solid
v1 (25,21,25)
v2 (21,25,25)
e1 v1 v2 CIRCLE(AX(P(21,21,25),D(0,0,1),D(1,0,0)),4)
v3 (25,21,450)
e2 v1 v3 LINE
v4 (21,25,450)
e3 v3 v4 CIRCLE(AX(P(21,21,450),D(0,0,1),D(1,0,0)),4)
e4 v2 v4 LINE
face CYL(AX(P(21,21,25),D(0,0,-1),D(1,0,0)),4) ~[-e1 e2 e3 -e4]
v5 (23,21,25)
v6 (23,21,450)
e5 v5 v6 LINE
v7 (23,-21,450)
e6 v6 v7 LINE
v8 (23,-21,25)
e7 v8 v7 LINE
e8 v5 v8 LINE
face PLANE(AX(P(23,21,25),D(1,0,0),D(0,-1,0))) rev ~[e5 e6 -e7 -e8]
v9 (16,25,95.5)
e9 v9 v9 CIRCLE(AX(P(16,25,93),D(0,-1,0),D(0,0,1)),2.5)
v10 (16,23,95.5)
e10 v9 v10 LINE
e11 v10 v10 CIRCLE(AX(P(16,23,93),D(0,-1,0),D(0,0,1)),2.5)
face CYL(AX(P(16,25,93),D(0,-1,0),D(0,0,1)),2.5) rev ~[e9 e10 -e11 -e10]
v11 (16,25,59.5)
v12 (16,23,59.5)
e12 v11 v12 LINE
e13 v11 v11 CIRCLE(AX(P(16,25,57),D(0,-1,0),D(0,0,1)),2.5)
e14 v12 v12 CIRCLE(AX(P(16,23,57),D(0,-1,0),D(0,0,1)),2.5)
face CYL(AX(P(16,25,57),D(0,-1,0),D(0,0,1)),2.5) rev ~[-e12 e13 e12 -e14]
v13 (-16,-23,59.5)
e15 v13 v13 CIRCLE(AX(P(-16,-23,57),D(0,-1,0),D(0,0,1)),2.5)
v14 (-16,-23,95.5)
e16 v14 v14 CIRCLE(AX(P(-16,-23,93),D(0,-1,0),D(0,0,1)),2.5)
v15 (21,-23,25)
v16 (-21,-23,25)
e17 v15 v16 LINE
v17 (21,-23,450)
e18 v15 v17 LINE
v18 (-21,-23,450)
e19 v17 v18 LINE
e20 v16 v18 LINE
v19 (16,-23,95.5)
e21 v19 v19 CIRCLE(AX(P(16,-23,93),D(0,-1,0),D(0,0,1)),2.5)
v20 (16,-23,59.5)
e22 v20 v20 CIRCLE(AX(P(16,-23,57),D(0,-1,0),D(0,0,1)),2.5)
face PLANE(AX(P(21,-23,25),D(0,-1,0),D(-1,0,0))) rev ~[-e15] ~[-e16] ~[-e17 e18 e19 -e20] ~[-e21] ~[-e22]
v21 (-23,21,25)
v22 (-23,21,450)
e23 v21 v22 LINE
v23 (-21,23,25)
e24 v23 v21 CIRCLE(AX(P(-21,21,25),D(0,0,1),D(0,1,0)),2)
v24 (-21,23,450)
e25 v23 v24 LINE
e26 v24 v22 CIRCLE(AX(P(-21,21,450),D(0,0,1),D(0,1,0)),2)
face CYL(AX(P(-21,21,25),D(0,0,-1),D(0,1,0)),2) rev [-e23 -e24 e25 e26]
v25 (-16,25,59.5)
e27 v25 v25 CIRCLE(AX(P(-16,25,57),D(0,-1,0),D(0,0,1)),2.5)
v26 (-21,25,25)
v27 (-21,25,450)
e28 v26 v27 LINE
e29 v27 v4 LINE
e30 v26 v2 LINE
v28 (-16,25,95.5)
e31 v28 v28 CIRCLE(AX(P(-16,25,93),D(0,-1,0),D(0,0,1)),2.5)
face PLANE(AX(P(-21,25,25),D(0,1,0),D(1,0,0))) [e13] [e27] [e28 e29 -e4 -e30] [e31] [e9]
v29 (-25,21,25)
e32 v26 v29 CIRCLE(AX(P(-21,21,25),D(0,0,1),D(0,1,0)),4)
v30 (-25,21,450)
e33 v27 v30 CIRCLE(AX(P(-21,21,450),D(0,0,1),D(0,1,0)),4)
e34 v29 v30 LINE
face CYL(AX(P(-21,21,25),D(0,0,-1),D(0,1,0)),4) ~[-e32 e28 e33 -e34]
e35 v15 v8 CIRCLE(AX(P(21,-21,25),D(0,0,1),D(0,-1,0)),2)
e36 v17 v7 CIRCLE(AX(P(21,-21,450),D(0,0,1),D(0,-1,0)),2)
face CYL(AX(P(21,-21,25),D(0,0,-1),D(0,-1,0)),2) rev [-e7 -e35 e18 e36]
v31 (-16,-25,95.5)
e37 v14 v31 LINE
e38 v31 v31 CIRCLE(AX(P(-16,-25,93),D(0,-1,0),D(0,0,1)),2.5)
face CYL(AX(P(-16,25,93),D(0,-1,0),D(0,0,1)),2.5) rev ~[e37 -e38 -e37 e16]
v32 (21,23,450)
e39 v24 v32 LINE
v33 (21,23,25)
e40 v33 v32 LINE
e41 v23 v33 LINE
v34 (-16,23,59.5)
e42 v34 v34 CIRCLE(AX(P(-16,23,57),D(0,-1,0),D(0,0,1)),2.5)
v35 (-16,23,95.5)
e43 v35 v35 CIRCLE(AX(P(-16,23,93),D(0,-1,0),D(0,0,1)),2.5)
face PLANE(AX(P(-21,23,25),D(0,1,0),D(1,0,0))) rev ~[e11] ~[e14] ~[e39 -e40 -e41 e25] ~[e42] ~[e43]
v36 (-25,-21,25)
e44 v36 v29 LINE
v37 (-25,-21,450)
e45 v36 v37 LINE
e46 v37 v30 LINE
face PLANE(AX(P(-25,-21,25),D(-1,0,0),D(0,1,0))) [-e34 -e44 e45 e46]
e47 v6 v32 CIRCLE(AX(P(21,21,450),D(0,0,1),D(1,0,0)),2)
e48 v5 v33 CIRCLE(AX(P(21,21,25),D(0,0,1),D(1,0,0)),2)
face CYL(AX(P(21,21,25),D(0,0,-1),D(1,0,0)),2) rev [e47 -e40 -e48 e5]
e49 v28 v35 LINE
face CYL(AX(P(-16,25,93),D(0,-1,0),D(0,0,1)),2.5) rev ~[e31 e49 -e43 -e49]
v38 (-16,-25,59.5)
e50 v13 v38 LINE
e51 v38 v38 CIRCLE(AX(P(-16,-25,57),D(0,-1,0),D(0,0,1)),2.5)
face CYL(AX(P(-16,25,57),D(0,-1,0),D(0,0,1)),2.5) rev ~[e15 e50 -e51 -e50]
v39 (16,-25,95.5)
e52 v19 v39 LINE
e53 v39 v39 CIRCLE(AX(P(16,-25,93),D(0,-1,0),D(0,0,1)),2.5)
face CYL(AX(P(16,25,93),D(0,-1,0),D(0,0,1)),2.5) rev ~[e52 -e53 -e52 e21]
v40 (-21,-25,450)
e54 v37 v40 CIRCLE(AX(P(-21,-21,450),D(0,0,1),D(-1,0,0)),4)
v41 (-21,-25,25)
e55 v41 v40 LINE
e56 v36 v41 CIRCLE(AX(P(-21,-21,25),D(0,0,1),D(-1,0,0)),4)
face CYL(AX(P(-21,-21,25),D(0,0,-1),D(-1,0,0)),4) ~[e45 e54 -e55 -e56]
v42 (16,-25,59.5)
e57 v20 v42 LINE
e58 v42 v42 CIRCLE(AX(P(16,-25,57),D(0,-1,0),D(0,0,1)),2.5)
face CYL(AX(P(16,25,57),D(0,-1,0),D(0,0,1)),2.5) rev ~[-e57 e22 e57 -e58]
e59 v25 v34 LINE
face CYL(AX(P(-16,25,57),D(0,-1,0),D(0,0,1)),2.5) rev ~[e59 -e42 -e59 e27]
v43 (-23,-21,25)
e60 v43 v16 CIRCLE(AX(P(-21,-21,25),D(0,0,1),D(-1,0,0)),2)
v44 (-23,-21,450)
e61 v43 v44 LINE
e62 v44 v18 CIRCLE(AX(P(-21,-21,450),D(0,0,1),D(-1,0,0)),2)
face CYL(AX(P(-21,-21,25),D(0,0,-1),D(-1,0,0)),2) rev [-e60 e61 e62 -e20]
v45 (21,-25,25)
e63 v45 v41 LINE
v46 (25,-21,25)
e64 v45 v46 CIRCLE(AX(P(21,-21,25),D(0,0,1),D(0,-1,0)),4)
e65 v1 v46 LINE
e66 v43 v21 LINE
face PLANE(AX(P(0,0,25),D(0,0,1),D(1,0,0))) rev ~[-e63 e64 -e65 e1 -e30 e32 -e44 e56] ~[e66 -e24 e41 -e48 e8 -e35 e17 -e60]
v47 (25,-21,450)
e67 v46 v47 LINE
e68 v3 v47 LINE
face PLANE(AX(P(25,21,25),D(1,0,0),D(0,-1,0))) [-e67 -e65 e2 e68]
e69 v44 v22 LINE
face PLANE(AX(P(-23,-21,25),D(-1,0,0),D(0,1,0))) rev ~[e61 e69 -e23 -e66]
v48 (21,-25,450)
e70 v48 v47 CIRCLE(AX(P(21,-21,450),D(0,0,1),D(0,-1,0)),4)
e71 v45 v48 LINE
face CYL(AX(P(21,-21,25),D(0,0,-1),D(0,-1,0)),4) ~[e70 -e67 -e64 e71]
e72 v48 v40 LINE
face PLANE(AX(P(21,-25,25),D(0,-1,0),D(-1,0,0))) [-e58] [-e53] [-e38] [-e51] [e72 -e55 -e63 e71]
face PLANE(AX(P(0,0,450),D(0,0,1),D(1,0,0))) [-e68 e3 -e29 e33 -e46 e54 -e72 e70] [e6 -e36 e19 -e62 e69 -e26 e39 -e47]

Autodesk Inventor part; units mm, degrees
ref_plane "Start Plane" through (0, 0, 25) normal (0, 0, 1) x (1, 0, 0)
ref_plane "End Plane" through (0, 0, 450) normal (0, 0, 1) x (1, 0, 0)
sketch "Sketch" plane through (0, 0, 0) normal (0, 0, 1) x (1, 0, 0)
  line L0 (-25, -21) -> (-25, 21)
  line L1 (-21, 25) -> (21, 25)
  line L2 (25, 21) -> (25, -21)
  line L3 (21, -25) -> (-21, -25)
  arc A0 (-25, -21) -> (-21, -25) centre (-21, -21) ccw
  arc A1 (25, 21) -> (21, 25) centre (21, 21) ccw
  arc A2 (-21, 25) -> (-25, 21) centre (-21, 21) ccw
  arc A3 (21, -25) -> (25, -21) centre (21, -21) ccw
  arc A4 (-21, 23) -> (-23, 21) centre (-21, 21) ccw
  line L4 (-21, 23) -> (21, 23)
  arc A5 (23, 21) -> (21, 23) centre (21, 21) ccw
  line L5 (23, 21) -> (23, -21)
  arc A6 (21, -23) -> (23, -21) centre (21, -21) ccw
  line L6 (21, -23) -> (-21, -23)
  arc A7 (-23, -21) -> (-21, -23) centre (-21, -21) ccw
  line L7 (-23, -21) -> (-23, 21)
  line L8 (0, 36.1598) -> (0, -36.1598) construction
  line L9 (-36.1598, 0) -> (36.1598, 0) construction
  dimension "d7" = 4
  dimension "d9" = 50
  dimension "d11" = 50
  dimension "d12" = 2
  dimension "d15" = 25
  dimension "d16" = 25
extrude "Body" add sketch "Sketch" along normal up to surface (425 mm away) from surface at 25
sketch "Sketch3" plane through (0, 0, 0) normal (0, 0, 1) x (1, 0, 0)
  line L0 (0, 0) -> (10, 0)
ref_plane "Work Plane3" through (0, 0, 0) normal (0, -1, 0) x (1, 0, 0)
sketch "Sketch4" plane through (0, 0, 0) normal (0, -1, 0) x (1, 0, 0)
  line L0 (-2, 25) -> (12, 25)
  line L1 (-2, 450) -> (12, 450)
  dimension "d18" = 425
ref_plane "Work Plane4" through (0, 20, 25) normal (0, 0, -1) x (-1, 0, 0)
split "Split1" plane through (0, 20, 25) removes the side toward (0, 0, -1)
sketch "Sketch5" plane through (21, 25, 450) normal (0, 1, 0) x (1, 0, 0)
  line L0 (-5, 357) -> (-37, 357)
  line L1 (-37, 357) -> (-37, 393)
  line L2 (-37, 393) -> (-5, 393)
  line L3 (-5, 393) -> (-5, 357)
  line L4 (-42, 0) -> (0, 0) projected
  line L5 (0, 425) -> (0, 0) projected
  line L6 (-42, 425) -> (0, 425) projected
  line L7 (-42, 425) -> (-42, 0) projected
  line L8 (0, 425) -> (-42, 425) projected
  line L9 (-21, 425) -> (-21, 412.7282)
  point P0 (-21, 450)
  dimension "d19" = 32
  dimension "d20" = 32
  dimension "d21" = 36
hole "Hole1" at (16, 25, 93) at (16, 25, 57) at (-16, 25, 57) at (-16, 25, 93) direction (0, -1, 0) diameter 5 depth 50
equation "\"d7\" = G_IR"
equation "\"d9\" = G_W"
equation "\"d11\" = G_H"
equation "\"d12\" = G_T"
equation "\"d15\" = 0.5 * d9"
equation "\"d16\" = 0.5 * d11"
equation "\"d3\" = G_L"
equation "\"G_W\" = 50"
equation "\"G_H\" = 50"
equation "\"G_T\" = 2"
equation "\"G_IR\" = 4"
equation "\"G_L\" = d18"
equation "\"G_OFFSET_START\" = -25"
equation "\"G_OFFSET_END\" = 0"
equation "\"d13\" = -G_OFFSET_START"
properties part number "ISO 10799-2 - 50x50x2 - 425" material "Steel, Galvanized"
